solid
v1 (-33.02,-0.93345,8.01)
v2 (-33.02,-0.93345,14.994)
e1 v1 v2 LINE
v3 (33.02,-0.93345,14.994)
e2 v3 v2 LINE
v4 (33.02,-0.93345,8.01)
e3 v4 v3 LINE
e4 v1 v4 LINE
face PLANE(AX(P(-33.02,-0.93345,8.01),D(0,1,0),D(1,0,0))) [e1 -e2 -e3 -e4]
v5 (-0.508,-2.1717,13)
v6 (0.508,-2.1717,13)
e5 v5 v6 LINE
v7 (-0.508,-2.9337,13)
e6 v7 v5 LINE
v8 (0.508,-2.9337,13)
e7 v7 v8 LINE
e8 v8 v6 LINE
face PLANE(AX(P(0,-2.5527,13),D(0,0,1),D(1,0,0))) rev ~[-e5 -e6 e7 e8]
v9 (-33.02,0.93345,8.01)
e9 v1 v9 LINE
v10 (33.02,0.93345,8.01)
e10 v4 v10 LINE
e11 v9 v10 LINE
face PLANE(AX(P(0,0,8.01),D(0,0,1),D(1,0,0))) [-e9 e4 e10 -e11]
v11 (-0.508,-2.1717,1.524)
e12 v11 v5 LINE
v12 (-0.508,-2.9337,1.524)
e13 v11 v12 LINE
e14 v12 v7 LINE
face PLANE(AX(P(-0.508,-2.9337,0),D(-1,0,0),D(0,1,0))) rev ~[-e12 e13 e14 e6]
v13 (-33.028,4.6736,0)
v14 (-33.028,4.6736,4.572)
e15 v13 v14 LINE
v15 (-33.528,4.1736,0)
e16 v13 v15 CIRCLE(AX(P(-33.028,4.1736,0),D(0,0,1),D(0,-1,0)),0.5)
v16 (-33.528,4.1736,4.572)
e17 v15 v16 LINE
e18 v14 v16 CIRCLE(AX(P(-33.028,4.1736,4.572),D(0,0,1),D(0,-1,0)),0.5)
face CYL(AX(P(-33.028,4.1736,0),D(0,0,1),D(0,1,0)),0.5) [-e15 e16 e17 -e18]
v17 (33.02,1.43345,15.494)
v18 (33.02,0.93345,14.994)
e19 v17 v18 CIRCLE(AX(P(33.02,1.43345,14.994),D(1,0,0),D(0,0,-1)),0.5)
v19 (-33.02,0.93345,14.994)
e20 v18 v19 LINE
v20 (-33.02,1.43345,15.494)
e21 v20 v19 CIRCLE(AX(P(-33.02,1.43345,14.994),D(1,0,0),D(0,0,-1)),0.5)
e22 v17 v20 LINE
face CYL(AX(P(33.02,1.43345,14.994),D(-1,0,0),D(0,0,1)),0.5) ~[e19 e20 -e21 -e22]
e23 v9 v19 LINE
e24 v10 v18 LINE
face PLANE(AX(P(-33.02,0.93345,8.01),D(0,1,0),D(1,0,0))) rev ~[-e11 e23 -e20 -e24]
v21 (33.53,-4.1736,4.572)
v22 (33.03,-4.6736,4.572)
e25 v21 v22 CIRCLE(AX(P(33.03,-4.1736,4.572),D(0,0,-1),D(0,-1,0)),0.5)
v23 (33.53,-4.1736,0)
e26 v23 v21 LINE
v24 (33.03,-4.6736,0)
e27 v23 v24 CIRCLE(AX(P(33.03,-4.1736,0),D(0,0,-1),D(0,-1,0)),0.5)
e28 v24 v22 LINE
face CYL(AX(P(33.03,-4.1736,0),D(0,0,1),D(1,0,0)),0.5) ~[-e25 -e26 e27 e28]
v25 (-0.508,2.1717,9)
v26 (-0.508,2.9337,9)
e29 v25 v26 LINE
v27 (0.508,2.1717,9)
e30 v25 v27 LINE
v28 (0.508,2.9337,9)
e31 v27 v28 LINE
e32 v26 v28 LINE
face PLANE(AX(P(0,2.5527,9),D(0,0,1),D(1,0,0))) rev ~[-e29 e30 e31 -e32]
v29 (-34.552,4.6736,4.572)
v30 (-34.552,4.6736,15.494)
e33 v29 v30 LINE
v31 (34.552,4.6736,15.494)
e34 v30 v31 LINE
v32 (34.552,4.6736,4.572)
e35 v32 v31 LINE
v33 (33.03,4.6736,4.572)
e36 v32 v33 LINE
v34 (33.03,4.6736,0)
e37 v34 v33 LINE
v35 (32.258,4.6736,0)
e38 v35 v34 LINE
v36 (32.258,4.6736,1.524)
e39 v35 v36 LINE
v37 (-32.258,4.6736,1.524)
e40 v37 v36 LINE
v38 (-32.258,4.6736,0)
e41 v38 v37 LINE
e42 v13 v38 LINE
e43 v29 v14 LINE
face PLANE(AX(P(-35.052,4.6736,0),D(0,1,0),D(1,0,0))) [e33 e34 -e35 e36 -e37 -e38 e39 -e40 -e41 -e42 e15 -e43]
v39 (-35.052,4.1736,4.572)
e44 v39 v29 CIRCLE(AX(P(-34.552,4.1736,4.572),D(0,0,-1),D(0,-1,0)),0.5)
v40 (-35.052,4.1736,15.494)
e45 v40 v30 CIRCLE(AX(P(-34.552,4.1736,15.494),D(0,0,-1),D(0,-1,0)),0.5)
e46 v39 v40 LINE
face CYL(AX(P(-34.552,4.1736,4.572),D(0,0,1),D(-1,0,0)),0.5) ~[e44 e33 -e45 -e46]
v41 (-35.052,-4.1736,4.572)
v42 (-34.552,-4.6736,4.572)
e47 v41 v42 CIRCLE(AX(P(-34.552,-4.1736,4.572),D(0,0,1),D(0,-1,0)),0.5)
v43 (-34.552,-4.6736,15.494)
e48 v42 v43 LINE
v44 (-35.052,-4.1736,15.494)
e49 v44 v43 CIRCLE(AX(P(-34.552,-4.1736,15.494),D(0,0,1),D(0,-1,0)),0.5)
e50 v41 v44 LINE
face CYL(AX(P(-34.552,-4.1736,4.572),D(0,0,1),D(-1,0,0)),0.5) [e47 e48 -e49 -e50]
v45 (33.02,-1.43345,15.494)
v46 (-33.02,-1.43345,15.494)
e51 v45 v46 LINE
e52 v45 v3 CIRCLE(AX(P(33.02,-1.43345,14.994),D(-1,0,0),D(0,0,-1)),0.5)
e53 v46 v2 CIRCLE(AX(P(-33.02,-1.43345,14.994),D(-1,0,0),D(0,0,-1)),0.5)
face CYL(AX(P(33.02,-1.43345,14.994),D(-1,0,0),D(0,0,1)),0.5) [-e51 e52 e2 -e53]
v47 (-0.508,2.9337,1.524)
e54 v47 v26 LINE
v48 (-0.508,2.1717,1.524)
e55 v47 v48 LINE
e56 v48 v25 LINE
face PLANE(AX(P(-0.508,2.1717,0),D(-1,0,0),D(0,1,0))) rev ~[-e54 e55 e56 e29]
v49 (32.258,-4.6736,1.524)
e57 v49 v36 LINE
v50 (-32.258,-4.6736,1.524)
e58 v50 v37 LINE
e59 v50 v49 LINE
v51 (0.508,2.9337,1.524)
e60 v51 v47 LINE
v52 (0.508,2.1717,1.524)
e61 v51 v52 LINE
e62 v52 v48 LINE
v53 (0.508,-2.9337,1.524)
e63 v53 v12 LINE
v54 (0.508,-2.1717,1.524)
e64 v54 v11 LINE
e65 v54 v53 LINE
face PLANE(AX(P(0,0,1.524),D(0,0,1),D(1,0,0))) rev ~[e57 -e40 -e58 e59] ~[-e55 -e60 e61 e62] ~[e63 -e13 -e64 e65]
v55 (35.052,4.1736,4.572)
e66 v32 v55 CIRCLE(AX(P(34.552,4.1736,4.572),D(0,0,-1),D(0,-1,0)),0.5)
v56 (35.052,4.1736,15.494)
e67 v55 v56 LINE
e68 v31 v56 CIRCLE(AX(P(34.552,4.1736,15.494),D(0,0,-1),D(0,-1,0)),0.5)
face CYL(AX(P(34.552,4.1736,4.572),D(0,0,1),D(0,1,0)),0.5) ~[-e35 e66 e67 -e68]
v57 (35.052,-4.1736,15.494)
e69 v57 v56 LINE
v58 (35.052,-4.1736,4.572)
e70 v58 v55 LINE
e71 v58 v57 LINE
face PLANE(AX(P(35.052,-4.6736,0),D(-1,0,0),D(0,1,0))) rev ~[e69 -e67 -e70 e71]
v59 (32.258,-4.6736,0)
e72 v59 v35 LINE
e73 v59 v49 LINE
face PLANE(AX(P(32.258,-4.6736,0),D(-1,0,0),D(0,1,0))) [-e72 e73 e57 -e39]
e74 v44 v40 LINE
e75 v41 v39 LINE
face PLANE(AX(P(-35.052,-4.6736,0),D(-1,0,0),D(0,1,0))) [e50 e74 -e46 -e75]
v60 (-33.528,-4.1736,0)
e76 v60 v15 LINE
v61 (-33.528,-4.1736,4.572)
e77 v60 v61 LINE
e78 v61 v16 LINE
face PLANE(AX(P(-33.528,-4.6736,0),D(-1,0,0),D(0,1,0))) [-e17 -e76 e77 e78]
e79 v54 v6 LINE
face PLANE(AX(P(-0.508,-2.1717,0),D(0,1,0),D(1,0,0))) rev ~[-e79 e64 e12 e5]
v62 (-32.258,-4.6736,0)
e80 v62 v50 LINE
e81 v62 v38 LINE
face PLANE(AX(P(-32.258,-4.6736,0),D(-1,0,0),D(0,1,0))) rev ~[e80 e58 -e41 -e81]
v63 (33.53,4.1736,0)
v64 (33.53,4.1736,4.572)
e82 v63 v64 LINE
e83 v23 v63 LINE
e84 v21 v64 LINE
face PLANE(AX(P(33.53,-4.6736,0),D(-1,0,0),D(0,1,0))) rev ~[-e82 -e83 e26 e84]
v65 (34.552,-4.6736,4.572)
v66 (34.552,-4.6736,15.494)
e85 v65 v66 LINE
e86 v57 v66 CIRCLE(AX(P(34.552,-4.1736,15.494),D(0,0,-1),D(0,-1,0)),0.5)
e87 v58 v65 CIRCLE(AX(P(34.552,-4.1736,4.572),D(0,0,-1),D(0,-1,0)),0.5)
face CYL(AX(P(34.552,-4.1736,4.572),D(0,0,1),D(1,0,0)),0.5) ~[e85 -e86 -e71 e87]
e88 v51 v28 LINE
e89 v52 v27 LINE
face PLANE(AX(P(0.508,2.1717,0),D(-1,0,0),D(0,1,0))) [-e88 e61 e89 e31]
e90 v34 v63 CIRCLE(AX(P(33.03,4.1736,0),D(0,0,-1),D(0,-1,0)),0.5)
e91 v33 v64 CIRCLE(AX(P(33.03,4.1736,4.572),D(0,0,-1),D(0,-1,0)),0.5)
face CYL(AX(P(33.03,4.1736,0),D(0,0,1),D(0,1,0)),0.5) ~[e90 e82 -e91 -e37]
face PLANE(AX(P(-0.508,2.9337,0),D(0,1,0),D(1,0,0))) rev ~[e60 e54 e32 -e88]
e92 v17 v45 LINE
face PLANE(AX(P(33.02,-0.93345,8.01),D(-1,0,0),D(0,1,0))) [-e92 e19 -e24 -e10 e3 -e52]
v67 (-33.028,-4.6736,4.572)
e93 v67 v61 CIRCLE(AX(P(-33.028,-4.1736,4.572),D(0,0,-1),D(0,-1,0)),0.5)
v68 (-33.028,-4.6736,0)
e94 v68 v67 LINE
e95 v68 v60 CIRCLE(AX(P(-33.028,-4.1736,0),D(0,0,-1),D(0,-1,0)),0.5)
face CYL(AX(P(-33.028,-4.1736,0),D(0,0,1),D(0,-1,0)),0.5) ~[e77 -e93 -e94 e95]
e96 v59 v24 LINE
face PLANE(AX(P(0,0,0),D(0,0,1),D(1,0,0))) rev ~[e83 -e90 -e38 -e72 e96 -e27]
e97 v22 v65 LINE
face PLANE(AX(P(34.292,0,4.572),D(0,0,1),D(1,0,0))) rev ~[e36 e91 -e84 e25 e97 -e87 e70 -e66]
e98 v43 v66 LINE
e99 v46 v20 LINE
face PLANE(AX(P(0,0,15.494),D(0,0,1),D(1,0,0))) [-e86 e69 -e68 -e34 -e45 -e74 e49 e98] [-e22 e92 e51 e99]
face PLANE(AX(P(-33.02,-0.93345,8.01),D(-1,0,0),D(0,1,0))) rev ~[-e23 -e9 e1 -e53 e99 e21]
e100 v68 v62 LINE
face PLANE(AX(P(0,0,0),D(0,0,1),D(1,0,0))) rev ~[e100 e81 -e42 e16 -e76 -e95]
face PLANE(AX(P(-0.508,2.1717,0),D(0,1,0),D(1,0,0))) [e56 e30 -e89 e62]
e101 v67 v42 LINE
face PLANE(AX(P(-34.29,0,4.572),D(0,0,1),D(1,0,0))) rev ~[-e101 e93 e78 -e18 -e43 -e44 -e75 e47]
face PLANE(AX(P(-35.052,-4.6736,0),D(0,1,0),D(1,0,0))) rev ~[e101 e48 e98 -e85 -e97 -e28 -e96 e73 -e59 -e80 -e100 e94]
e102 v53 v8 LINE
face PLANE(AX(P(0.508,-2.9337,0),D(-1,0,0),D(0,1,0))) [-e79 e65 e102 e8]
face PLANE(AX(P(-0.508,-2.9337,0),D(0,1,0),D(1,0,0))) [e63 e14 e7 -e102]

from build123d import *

# Parameters (mm, degrees)
BOX_W        = 70.104
BOX_H        = 9.3472
BOX_DEPTH    = 15.494
BOX001_W     = 66.04
BOX001_H     = 1.8669
BOX001_DEPTH = 7.493
BOX002_W     = 1.524
BOX002_H     = 9.3472
BOX002_DEPTH = 4.572
BOX003_W     = 1.524
BOX003_H     = 9.3472
BOX003_DEPTH = 4.572
FILLET_R     = 0.5
FILLET001_R  = 0.5
FILLET002_R  = 0.5
FILLET003_R  = 0.5
FILLET004_R  = 0.5
FILLET005_R  = 0.5
FILLET006_R  = 0.5
FILLET007_R  = 0.5
FILLET008_R  = 0.5
FILLET009_R  = 0.5
BOX004_W     = 64.516
BOX004_H     = 9.3472
BOX004_DEPTH = 1.524
BOX005_W     = 1.016
BOX005_H     = 0.762
BOX005_DEPTH = 13
BOX006_W     = 1.016
BOX006_H     = 0.762
BOX006_DEPTH = 9


with BuildPart() as part:
    # Box → Box (join)
    with BuildSketch(Plane(origin=(-35.052, -4.6736, 0), x_dir=(1, 0, 0), z_dir=(0, 0, 1))):
        with Locations((35.052, 4.6736)):
            Rectangle(BOX_W, BOX_H)
    extrude(amount=BOX_DEPTH)

    # Box001 → Box001 (cut)
    with BuildSketch(Plane(origin=(-33.02, -0.93345, 8.01), x_dir=(1, 0, 0), z_dir=(0, 0, 1))):
        with Locations((33.02, 0.93345)):
            Rectangle(BOX001_W, BOX001_H)
    extrude(amount=BOX001_DEPTH, mode=Mode.SUBTRACT)

    # Box002 → Box002 (cut)
    with BuildSketch(Plane(origin=(-35.052, -4.6736, 0), x_dir=(1, 0, 0), z_dir=(0, 0, 1))):
        with Locations((0.762, 4.6736)):
            Rectangle(BOX002_W, BOX002_H)
    extrude(amount=BOX002_DEPTH, mode=Mode.SUBTRACT)

    # Box003 → Box003 (cut)
    with BuildSketch(Plane(origin=(33.53, -4.6736, 0), x_dir=(1, 0, 0), z_dir=(0, 0, 1))):
        with Locations((0.762, 4.6736)):
            Rectangle(BOX003_W, BOX003_H)
    extrude(amount=BOX003_DEPTH, mode=Mode.SUBTRACT)

    # Fillet
    fillet_edges = [part.edges().sort_by_distance(p)[0] for p in [
        (-35.052, -4.6736, 10.033),
    ]]
    fillet(fillet_edges, radius=FILLET_R)

    # Fillet001
    fillet001_edges = [part.edges().sort_by_distance(p)[0] for p in [
        (-35.052, 4.6736, 10.033),
    ]]
    fillet(fillet001_edges, radius=FILLET001_R)

    # Fillet002
    fillet002_edges = [part.edges().sort_by_distance(p)[0] for p in [
        (-33.528, -4.6736, 2.286),
    ]]
    fillet(fillet002_edges, radius=FILLET002_R)

    # Fillet003
    fillet003_edges = [part.edges().sort_by_distance(p)[0] for p in [
        (-33.528, 4.6736, 2.286),
    ]]
    fillet(fillet003_edges, radius=FILLET003_R)

    # Fillet004
    fillet004_edges = [part.edges().sort_by_distance(p)[0] for p in [
        (33.53, -4.6736, 2.286),
    ]]
    fillet(fillet004_edges, radius=FILLET004_R)

    # Fillet005
    fillet005_edges = [part.edges().sort_by_distance(p)[0] for p in [
        (35.052, -4.6736, 10.033),
    ]]
    fillet(fillet005_edges, radius=FILLET005_R)

    # Fillet006
    fillet006_edges = [part.edges().sort_by_distance(p)[0] for p in [
        (33.53, 4.6736, 2.286),
    ]]
    fillet(fillet006_edges, radius=FILLET006_R)

    # Fillet007
    fillet007_edges = [part.edges().sort_by_distance(p)[0] for p in [
        (35.052, 4.6736, 10.033),
    ]]
    fillet(fillet007_edges, radius=FILLET007_R)

    # Fillet008
    fillet008_edges = [part.edges().sort_by_distance(p)[0] for p in [
        (0, -0.93345, 15.494),
    ]]
    fillet(fillet008_edges, radius=FILLET008_R)

    # Fillet009
    fillet009_edges = [part.edges().sort_by_distance(p)[0] for p in [
        (0, 0.93345, 15.494),
    ]]
    fillet(fillet009_edges, radius=FILLET009_R)

    # Box004 → Box004 (cut)
    with BuildSketch(Plane(origin=(-32.258, -4.6736, 0), x_dir=(1, 0, 0), z_dir=(0, 0, 1))):
        with Locations((32.258, 4.6736)):
            Rectangle(BOX004_W, BOX004_H)
    extrude(amount=BOX004_DEPTH, mode=Mode.SUBTRACT)

    # Box005 → Box005 (cut)
    with BuildSketch(Plane(origin=(-0.508, -2.9337, 0), x_dir=(1, 0, 0), z_dir=(0, 0, 1))):
        with Locations((0.508, 0.381)):
            Rectangle(BOX005_W, BOX005_H)
    extrude(amount=BOX005_DEPTH, mode=Mode.SUBTRACT)

    # Box006 → Box006 (cut)
    with BuildSketch(Plane(origin=(-0.508, 2.1717, 0), x_dir=(1, 0, 0), z_dir=(0, 0, 1))):
        with Locations((0.508, 0.381)):
            Rectangle(BOX006_W, BOX006_H)
    extrude(amount=BOX006_DEPTH, mode=Mode.SUBTRACT)


solid = part.part
